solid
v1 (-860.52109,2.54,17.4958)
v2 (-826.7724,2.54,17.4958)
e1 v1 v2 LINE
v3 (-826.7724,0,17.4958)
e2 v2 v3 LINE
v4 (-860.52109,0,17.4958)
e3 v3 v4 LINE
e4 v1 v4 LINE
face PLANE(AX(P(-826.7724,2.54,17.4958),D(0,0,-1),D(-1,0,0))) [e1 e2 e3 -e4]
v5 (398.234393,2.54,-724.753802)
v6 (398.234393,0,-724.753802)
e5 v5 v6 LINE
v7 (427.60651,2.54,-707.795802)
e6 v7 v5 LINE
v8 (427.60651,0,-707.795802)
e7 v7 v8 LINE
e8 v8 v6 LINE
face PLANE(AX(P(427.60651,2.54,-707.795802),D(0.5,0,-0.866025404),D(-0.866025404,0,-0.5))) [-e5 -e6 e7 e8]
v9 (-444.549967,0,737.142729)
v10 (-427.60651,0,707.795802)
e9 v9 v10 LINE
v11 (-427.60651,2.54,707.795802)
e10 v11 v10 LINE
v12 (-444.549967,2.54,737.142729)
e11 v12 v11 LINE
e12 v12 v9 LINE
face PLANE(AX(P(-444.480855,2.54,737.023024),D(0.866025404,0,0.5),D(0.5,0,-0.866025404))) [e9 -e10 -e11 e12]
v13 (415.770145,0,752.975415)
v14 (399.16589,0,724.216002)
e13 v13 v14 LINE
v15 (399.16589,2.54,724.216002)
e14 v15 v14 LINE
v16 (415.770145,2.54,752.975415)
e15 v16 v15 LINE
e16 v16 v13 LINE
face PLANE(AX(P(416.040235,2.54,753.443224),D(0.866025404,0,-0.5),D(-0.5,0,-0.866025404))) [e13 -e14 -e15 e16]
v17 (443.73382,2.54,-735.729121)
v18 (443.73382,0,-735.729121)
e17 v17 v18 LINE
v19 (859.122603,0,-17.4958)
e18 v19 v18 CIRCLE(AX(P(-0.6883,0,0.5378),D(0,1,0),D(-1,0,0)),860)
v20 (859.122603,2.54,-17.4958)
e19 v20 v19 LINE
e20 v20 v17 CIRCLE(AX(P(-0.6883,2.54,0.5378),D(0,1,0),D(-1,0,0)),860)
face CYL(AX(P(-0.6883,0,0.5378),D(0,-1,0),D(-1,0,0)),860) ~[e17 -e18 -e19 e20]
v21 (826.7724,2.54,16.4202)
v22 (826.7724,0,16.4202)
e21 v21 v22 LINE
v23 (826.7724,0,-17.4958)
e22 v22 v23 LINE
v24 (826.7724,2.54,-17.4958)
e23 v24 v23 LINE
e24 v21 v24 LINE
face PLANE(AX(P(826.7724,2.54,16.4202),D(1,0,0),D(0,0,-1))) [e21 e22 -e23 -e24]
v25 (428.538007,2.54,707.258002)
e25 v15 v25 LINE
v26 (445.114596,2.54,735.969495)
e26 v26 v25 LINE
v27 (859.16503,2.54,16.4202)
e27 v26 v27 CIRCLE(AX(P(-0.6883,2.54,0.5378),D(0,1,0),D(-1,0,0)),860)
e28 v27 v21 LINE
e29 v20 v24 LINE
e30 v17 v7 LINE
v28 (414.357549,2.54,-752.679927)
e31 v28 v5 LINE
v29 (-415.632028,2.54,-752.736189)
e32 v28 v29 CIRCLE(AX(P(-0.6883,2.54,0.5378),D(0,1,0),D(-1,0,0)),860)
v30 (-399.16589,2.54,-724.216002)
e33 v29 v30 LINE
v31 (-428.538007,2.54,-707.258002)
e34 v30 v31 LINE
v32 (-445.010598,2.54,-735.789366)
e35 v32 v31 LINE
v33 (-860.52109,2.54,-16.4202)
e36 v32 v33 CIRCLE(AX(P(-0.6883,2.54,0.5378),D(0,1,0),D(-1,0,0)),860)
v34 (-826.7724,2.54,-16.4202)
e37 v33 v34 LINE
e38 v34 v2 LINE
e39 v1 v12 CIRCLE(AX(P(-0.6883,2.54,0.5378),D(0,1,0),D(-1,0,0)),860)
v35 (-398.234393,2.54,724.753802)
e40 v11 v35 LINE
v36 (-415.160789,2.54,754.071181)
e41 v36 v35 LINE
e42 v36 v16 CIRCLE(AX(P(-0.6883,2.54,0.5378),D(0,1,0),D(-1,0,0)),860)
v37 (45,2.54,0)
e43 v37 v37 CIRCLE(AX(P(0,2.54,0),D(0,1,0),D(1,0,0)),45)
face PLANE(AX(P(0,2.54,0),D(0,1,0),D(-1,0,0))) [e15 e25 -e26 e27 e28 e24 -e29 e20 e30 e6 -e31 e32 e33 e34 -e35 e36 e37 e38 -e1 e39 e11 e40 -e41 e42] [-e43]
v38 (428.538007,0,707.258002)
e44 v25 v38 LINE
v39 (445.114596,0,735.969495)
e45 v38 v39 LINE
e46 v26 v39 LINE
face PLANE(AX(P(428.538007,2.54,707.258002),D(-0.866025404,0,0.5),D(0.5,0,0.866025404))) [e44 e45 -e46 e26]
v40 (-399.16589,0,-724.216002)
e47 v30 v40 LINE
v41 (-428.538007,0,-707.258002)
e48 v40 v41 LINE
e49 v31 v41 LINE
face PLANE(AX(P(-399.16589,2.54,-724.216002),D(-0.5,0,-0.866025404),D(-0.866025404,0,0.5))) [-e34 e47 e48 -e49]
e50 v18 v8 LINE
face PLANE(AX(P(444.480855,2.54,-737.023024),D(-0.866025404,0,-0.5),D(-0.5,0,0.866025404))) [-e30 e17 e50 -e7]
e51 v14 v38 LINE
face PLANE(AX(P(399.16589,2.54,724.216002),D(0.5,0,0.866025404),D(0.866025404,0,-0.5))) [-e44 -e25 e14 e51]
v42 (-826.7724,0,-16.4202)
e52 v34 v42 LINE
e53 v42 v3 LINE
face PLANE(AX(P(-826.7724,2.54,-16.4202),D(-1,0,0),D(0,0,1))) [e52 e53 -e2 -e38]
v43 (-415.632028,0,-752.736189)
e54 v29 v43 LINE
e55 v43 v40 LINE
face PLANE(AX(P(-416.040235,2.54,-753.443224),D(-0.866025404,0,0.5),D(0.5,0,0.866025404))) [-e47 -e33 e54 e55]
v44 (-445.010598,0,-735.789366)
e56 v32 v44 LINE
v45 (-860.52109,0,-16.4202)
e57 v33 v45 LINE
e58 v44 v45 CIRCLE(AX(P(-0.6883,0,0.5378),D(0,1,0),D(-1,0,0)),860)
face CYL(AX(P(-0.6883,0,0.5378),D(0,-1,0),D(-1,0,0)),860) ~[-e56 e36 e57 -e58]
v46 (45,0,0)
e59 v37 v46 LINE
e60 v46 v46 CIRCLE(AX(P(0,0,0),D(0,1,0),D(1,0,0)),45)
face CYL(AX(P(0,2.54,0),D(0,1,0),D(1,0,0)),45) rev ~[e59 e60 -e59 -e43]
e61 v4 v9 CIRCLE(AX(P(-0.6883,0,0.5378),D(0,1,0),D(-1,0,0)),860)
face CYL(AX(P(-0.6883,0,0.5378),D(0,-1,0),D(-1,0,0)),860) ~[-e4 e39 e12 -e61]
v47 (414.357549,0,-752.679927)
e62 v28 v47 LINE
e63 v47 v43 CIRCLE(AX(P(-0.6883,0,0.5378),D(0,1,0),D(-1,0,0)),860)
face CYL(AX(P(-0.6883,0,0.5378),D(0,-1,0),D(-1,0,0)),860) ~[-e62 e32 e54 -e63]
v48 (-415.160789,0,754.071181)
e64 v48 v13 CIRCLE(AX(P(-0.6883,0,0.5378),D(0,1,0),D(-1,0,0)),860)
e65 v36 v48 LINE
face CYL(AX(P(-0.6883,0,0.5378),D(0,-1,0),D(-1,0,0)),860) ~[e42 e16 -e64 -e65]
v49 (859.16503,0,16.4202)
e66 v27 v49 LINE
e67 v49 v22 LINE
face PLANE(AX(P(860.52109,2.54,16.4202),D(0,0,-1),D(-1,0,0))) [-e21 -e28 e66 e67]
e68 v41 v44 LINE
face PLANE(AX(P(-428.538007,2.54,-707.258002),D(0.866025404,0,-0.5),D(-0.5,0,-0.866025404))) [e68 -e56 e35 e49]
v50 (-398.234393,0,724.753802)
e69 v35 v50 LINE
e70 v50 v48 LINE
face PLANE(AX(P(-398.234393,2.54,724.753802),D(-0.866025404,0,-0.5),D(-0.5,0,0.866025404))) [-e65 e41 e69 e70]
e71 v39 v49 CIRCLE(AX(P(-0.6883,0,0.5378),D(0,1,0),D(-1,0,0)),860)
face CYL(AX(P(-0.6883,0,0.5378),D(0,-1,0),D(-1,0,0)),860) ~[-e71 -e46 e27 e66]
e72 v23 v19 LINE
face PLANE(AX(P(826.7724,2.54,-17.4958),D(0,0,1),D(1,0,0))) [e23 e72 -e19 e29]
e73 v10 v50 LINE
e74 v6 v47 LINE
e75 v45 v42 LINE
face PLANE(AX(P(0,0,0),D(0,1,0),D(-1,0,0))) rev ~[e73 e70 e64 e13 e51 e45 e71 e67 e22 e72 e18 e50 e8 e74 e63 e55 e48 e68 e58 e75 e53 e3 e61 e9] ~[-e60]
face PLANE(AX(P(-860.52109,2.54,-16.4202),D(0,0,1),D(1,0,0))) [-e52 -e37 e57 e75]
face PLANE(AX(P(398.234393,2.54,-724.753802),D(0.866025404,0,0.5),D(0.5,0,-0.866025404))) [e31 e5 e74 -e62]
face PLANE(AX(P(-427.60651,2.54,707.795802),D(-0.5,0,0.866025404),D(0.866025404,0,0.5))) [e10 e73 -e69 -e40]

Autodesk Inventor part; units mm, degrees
ref_plane "YZ Plane" through (0, 0, 0) normal (1, 0, 0) x (0, 1, 0)
ref_plane "XZ Plane" through (0, 0, 0) normal (0, 1, 0) x (-1, 0, 0)
ref_plane "XY Plane" through (0, 0, 0) normal (0, 0, 1) x (1, 0, 0)
sketch "Sketch1" plane through (0, 0, 0) normal (0, 1, 0) x (-1, 0, 0)
  circle A0 centre (0.6883, 0.5378) radius 860
  point P0 (0, 0)
  dimension "d0" = 1720
extrude "Extrusion1" add sketch "Sketch1" along normal blind 2.54
sketch "Sketch2" plane through (-0.6883, 2.54, 0.5378) normal (0, 1, 0) x (1, 0, 0)
  circle A0 centre (0.6883, 0.5378) radius 45
  dimension "d7" = 90
extrude "Extrusion2" cut sketch "Sketch2" against normal blind 25.4
sketch "Sketch3" plane through (-0.6883, 2.54, 0.5378) normal (0, 1, 0) x (1, 0, 0)
  circle A0 centre (0, 0) radius 860 projected
  line L0 (-893.9159, 16.958) -> (-826.0841, 16.958)
  line L1 (-826.0841, 16.958) -> (-826.0841, -16.958)
  line L2 (-826.0841, -16.958) -> (-893.9159, -16.958)
  line L3 (-893.9159, -16.958) -> (-893.9159, 16.958)
  line L4 (-860, 16.958) -> (-860, -16.958) construction
  line L5 (0, 0) -> (-860, 0) construction
extrude "Extrusion3" cut sketch "Sketch3" against normal blind 10 contours L0 L1 L2 A0 | A0 L2 L3 L0 picked at (-837.3832, 1.8843)
pattern_circular "Circular Pattern1" count 6 over 360 about axis through (0, 2.54, 0) along (0, -1, 0) of "Extrusion3"
properties part number "2f2surf" material "Glass"
